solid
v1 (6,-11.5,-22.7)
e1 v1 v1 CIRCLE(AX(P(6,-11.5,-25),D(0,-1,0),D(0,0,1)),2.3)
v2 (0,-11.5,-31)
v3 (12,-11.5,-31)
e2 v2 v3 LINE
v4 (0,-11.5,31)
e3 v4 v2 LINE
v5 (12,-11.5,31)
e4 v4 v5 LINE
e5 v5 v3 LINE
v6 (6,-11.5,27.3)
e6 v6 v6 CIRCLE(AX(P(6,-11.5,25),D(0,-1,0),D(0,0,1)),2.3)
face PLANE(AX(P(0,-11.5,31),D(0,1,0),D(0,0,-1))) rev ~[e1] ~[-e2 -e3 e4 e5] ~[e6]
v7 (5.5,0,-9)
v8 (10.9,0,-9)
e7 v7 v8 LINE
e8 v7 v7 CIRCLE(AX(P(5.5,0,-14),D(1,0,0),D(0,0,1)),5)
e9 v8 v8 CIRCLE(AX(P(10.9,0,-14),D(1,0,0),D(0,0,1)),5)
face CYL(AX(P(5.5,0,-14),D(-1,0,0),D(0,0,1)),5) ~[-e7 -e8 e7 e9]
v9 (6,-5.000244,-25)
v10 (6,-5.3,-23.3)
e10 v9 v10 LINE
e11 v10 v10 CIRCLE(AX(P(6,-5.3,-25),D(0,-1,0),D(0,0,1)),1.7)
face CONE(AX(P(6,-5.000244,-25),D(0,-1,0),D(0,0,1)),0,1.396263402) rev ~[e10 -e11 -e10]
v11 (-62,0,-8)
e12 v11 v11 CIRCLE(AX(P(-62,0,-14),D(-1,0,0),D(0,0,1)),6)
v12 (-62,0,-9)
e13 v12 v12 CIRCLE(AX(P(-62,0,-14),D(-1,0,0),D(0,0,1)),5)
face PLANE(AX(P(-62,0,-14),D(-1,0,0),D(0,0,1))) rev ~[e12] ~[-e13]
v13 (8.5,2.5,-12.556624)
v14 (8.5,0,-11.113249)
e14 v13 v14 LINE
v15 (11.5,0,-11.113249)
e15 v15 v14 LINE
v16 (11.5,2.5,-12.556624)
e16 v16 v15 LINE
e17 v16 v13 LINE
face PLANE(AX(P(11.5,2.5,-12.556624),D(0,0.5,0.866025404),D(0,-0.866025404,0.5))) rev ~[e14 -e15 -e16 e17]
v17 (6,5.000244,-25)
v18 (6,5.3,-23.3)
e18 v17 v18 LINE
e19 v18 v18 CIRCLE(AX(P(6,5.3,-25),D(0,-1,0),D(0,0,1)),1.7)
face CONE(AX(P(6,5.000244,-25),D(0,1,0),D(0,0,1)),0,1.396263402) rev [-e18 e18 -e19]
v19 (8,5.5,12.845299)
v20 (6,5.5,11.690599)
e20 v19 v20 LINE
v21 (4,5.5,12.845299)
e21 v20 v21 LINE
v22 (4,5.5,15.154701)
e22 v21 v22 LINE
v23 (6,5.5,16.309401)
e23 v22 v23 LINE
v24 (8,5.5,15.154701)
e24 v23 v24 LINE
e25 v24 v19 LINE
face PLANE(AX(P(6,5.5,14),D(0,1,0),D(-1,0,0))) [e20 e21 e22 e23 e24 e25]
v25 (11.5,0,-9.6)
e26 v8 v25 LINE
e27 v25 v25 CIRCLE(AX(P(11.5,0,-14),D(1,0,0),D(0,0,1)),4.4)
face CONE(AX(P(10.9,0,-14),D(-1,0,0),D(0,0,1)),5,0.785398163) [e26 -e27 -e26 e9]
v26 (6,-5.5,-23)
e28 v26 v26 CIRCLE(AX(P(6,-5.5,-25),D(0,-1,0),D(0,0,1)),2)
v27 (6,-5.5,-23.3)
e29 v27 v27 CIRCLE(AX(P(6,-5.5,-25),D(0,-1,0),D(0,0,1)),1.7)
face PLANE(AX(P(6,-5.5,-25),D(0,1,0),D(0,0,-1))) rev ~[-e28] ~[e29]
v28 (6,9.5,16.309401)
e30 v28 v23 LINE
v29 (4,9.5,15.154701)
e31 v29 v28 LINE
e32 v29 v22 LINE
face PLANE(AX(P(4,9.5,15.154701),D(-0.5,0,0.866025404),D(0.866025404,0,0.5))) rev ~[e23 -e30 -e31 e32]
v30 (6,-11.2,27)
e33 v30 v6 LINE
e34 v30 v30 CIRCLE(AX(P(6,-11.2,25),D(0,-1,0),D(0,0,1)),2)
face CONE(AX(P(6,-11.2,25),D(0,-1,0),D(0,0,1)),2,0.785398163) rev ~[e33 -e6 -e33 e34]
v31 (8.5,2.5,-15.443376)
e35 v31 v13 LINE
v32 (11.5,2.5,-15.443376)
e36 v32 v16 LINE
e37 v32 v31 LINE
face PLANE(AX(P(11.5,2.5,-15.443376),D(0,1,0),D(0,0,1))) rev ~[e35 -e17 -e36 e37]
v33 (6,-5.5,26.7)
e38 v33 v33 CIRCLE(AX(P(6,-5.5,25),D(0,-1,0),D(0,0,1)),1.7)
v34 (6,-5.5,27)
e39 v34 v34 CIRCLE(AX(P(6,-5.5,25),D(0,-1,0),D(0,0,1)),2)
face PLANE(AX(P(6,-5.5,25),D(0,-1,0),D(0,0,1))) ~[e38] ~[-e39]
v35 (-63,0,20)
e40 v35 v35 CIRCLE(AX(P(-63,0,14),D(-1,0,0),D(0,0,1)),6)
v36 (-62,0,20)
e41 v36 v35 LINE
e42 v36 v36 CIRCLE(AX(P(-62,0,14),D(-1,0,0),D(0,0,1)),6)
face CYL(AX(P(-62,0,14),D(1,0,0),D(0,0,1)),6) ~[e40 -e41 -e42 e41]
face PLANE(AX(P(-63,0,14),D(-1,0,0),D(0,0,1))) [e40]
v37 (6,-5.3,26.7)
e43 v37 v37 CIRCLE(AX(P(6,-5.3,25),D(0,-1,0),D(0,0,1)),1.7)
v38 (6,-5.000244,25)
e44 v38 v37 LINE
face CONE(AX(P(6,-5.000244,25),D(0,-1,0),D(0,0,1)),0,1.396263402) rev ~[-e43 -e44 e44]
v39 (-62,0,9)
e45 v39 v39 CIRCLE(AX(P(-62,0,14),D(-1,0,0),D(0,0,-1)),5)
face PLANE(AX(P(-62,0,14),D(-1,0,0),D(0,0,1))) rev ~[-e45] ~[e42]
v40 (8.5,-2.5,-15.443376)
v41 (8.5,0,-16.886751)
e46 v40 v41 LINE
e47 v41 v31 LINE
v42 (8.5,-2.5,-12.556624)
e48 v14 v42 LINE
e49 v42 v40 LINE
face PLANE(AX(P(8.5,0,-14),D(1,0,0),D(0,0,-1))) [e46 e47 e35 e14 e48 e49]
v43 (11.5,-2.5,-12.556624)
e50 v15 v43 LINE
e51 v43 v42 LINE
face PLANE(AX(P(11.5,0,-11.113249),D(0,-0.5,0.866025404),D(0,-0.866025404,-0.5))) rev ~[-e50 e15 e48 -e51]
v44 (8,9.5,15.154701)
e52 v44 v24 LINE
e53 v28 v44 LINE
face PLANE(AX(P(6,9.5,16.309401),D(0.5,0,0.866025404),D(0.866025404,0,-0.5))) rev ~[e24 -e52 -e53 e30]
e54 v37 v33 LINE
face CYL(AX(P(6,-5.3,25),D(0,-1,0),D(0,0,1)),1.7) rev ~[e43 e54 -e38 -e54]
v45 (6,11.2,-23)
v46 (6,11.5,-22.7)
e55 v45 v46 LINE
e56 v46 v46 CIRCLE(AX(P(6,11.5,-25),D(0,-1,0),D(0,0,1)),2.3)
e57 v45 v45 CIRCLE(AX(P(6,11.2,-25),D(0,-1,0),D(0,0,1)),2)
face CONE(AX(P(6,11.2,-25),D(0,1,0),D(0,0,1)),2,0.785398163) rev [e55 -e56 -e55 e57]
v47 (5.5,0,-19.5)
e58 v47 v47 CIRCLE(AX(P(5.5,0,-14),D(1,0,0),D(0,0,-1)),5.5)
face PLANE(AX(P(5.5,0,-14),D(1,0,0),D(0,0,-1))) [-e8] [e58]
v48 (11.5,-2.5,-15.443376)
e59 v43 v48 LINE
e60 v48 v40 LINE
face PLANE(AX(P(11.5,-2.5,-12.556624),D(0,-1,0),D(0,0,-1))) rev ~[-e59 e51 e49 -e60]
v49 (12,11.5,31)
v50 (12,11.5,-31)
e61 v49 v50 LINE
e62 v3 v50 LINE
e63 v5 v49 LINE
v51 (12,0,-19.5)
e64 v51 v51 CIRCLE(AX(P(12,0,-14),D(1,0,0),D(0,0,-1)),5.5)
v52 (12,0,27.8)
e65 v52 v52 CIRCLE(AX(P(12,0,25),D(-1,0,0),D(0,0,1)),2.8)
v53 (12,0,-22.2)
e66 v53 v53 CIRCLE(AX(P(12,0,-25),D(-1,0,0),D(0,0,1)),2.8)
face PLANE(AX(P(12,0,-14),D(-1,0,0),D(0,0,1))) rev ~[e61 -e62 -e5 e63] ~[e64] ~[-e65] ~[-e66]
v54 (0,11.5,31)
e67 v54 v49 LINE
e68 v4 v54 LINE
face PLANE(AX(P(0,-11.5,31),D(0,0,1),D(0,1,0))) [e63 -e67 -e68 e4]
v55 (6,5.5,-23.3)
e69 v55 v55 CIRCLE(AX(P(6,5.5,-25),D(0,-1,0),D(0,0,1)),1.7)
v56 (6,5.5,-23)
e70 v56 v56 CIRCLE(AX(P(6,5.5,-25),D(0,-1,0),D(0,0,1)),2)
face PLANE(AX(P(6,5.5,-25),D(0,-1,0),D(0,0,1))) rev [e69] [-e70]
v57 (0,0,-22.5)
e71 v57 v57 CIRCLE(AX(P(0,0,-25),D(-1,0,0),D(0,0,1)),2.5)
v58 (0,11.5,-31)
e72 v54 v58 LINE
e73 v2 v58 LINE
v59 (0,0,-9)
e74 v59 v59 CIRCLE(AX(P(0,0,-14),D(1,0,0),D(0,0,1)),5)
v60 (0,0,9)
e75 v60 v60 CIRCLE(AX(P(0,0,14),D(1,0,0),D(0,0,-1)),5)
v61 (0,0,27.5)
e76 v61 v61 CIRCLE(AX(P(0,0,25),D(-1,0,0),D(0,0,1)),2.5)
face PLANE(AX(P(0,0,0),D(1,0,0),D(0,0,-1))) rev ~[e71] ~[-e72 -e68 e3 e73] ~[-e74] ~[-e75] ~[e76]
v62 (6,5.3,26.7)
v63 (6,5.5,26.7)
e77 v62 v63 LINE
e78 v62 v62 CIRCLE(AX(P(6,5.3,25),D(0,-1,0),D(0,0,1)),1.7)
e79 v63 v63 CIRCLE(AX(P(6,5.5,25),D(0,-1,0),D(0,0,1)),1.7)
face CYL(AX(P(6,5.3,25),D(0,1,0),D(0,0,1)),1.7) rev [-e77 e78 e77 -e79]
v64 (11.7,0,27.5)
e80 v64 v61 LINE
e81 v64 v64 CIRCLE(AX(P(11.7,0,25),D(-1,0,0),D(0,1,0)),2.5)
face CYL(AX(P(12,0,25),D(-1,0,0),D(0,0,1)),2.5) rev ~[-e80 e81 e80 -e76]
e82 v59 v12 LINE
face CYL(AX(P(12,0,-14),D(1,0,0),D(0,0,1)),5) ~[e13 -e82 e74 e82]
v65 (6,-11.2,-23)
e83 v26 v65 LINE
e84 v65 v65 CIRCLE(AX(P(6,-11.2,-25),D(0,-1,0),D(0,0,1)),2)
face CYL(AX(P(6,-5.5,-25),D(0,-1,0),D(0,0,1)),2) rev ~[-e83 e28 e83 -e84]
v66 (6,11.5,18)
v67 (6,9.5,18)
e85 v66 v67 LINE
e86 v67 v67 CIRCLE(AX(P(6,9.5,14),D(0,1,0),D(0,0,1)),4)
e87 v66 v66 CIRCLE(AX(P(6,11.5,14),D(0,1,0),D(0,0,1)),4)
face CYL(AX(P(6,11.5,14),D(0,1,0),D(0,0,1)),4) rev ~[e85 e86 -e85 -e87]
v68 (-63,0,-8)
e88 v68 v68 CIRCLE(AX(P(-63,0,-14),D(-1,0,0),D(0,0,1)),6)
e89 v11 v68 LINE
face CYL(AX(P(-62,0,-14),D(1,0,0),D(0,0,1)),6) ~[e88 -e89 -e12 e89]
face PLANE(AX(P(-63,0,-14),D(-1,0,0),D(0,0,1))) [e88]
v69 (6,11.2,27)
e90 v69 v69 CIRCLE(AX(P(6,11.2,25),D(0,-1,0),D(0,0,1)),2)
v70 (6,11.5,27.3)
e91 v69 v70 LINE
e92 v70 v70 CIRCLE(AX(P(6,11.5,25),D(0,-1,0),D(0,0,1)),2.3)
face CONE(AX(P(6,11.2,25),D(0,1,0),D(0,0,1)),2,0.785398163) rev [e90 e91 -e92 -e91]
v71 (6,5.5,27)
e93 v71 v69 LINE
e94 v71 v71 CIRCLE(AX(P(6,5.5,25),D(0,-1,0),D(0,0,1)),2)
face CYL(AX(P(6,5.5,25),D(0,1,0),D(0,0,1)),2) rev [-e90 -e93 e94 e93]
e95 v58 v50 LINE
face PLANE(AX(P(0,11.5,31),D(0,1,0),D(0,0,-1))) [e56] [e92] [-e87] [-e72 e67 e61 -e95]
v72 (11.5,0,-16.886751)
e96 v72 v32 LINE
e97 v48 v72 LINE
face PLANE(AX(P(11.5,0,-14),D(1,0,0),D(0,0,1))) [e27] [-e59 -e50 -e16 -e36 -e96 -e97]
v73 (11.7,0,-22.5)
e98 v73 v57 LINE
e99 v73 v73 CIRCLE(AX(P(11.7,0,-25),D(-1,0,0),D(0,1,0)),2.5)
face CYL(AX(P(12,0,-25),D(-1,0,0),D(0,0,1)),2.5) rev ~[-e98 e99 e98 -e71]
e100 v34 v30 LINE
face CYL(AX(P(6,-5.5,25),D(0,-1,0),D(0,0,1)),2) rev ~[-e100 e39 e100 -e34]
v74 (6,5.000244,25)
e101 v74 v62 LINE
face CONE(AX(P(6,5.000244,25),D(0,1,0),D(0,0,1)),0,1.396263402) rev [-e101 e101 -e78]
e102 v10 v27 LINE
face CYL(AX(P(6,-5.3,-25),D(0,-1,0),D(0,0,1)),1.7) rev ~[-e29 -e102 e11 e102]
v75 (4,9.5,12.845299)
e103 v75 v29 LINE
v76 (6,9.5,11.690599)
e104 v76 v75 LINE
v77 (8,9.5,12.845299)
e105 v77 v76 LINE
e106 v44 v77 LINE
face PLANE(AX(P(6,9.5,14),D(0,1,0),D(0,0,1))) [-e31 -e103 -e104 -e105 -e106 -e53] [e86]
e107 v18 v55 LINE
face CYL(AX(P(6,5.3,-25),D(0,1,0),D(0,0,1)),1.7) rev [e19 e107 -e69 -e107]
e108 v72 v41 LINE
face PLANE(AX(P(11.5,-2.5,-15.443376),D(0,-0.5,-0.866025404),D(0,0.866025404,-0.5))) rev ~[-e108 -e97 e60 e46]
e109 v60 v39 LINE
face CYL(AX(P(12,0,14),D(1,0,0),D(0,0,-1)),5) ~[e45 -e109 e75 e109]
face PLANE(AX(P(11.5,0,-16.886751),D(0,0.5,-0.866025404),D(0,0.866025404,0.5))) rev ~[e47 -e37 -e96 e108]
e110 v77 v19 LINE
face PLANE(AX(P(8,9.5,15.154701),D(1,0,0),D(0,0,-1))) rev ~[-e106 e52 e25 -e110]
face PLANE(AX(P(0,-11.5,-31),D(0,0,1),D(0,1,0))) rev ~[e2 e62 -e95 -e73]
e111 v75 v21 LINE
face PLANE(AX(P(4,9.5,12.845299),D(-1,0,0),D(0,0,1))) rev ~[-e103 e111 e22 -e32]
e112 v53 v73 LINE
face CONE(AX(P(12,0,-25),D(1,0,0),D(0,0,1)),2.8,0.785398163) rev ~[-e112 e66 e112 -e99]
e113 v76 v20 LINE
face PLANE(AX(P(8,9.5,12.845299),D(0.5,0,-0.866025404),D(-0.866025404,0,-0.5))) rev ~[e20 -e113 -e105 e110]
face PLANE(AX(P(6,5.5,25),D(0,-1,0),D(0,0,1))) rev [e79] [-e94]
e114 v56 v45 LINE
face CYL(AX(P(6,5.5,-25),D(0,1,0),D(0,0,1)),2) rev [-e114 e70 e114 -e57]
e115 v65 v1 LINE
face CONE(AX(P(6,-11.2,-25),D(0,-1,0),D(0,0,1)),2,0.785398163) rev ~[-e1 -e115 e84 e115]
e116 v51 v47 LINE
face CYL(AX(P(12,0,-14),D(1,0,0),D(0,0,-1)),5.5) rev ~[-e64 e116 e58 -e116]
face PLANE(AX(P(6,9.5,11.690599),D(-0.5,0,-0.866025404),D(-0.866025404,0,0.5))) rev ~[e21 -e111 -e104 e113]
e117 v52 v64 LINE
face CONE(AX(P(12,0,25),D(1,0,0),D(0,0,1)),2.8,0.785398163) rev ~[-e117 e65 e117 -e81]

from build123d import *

# Parameters (mm, degrees)
PLATE_SKETCH_W               = 62
PLATE_SKETCH_H               = 23
PLATE_DEPTH                  = 12
TAPPED_HOLE_FACE_D           = 5
TAPPED_HOLE_FACE_CSINK_D     = 5.6
TAPPED_HOLE_FACE_CSINK_ANGLE = 90
RODS_DEPTH                   = 50
RODS_DEPTH_BACK              = 24
RODS_SKETCH_R                = 5
PISTON_SKETCH_R              = 6
PISTON_DEPTH                 = 1
TAPPED_HOLES_TOP_AT_2_COUNT  = 2
TAPPED_HOLES_TOP_AT_2_PITCH  = 50
SHCS_SEAT_SKETCH_R           = 5.5
SHCS_SEAT_DEPTH              = 6.5
SHCS_HEAD_SKETCH_R           = 5
SHCS_HEAD_DEPTH              = 6
SHCS_HEX_DEPTH               = 3
SHCS_CHAM_SIZE               = 0.6
SS_SEAT_SKETCH_R             = 4
SS_SEAT_DEPTH                = 2
SS_HEX_DEPTH                 = 4


with BuildPart() as part:
    # Plate_Sketch → Plate (new body)
    with BuildSketch(Plane(origin=(0, 0, 0), x_dir=(0, 0, -1), z_dir=(1, 0, 0))):
        Rectangle(PLATE_SKETCH_W, PLATE_SKETCH_H)
    extrude(amount=PLATE_DEPTH)

    # Tapped Hole Face (through all)
    with Locations(Plane(origin=(12, 0, 0), x_dir=(0, 0, -1), z_dir=(1, 0, 0))):
        with Locations((-25, 0), (25, 0)):
            CounterSinkHole(TAPPED_HOLE_FACE_D / 2, TAPPED_HOLE_FACE_CSINK_D / 2, counter_sink_angle=TAPPED_HOLE_FACE_CSINK_ANGLE)

    # Rods_Sketch → Rods (add, two sides: drawn at the far end of the back side and taken through both)
    with BuildSketch(Plane.ZY.offset(12).offset(-RODS_DEPTH_BACK)):
        with Locations((-14, 0)):
            Circle(RODS_SKETCH_R)
        with Locations(Location((14, 0, 0), (0, 0, 180))):
            Circle(RODS_SKETCH_R)
    extrude(amount=RODS_DEPTH + RODS_DEPTH_BACK)

    # Piston_Sketch → Piston (add)
    with BuildSketch(Plane.ZY.offset(62)):
        with Locations((-14, 0)):
            Circle(PISTON_SKETCH_R)
        with Locations((14, 0)):
            Circle(PISTON_SKETCH_R)
    extrude(amount=PISTON_DEPTH)

    # Tapped Holes Top Profile → Tapped Holes Top (revolve, cut)
    with BuildSketch(Plane(origin=(6, 11.5, -25), x_dir=(0, 0, 1), z_dir=(1, 0, 0))):
        Polygon((0, 0), (0, 6.499755867), (1.7, 6.2), (1.7, 6), (2, 6), (2, 0.3), (2.3, 0), align=None)
    tapped_holes_top = revolve(axis=Axis((6, 17.85, -25), (0, -1, 0)), mode=Mode.SUBTRACT)

    # Tapped Holes Top at 2: Tapped Holes Top ×2
    with Locations(*[(0, 0, i * TAPPED_HOLES_TOP_AT_2_PITCH) for i in range(1, TAPPED_HOLES_TOP_AT_2_COUNT)]):
        add(tapped_holes_top, mode=Mode.SUBTRACT)

    # Tapped Holes Top Mirror: Tapped Holes Top across plane
    add(tapped_holes_top.mirror(Plane.ZX), mode=Mode.SUBTRACT)

    # Tapped Holes Top Mirror copy 1 sketch → Tapped Holes Top Mirror copy 1 (revolve, cut)
    with BuildSketch(Plane(origin=(6, -11.5, 25), x_dir=(0, 0, 1), z_dir=(1, 0, 0))):
        Polygon((0, 0), (0, -6.499755867), (1.7, -6.2), (1.7, -6), (2, -6), (2, -0.3), (2.3, 0), align=None)
    revolve(axis=Axis((6, -17.85, 25), (0, -1, 0)), mode=Mode.SUBTRACT)

    # SHCS Seat_Sketch → SHCS Seat (cut)
    with BuildSketch(Plane(origin=(12, 0, 0), x_dir=(0, 0, -1), z_dir=(1, 0, 0))):
        with Locations((14, 0)):
            Circle(SHCS_SEAT_SKETCH_R)
    extrude(amount=-SHCS_SEAT_DEPTH, mode=Mode.SUBTRACT)

    # SHCS Head_Sketch → SHCS Head (add)
    with BuildSketch(Plane(origin=(5.5, 0, 0), x_dir=(0, 0, -1), z_dir=(1, 0, 0))):
        with Locations(Location((14, 0, 0), (0, 0, 180))):
            Circle(SHCS_HEAD_SKETCH_R)
    extrude(amount=SHCS_HEAD_DEPTH)

    # SHCS Hex_Sketch → SHCS Hex (cut)
    with BuildSketch(Plane(origin=(11.5, 0, 0), x_dir=(0, 0, -1), z_dir=(1, 0, 0))):
        Polygon((15.443375673, -2.5), (16.886751346, 0), (15.443375673, 2.5), (12.556624327, 2.5), (11.113248654, 0), (12.556624327, -2.5), align=None)
    extrude(amount=-SHCS_HEX_DEPTH, mode=Mode.SUBTRACT)

    # SHCS Cham
    shcs_cham_edges = [part.edges().sort_by_distance(p)[0] for p in [
        (11.5, 0, -19),
    ]]
    chamfer(shcs_cham_edges, length=SHCS_CHAM_SIZE)

    # SS Seat_Sketch → SS Seat (cut)
    with BuildSketch(Plane(origin=(0, 11.5, 0), x_dir=(-1, 0, 0), z_dir=(0, 1, 0))):
        with Locations(Location((-6, 14, 0), (0, 0, 90))):
            Circle(SS_SEAT_SKETCH_R)
    extrude(amount=-SS_SEAT_DEPTH, mode=Mode.SUBTRACT)

    # SS Hex_Sketch → SS Hex (cut)
    with BuildSketch(Plane(origin=(0, 9.5, 0), x_dir=(-1, 0, 0), z_dir=(0, 1, 0))):
        Polygon((-8, 12.845299462), (-6, 11.690598923), (-4, 12.845299462), (-4, 15.154700538), (-6, 16.309401077), (-8, 15.154700538), align=None)
    extrude(amount=-SS_HEX_DEPTH, mode=Mode.SUBTRACT)


solid = part.part
